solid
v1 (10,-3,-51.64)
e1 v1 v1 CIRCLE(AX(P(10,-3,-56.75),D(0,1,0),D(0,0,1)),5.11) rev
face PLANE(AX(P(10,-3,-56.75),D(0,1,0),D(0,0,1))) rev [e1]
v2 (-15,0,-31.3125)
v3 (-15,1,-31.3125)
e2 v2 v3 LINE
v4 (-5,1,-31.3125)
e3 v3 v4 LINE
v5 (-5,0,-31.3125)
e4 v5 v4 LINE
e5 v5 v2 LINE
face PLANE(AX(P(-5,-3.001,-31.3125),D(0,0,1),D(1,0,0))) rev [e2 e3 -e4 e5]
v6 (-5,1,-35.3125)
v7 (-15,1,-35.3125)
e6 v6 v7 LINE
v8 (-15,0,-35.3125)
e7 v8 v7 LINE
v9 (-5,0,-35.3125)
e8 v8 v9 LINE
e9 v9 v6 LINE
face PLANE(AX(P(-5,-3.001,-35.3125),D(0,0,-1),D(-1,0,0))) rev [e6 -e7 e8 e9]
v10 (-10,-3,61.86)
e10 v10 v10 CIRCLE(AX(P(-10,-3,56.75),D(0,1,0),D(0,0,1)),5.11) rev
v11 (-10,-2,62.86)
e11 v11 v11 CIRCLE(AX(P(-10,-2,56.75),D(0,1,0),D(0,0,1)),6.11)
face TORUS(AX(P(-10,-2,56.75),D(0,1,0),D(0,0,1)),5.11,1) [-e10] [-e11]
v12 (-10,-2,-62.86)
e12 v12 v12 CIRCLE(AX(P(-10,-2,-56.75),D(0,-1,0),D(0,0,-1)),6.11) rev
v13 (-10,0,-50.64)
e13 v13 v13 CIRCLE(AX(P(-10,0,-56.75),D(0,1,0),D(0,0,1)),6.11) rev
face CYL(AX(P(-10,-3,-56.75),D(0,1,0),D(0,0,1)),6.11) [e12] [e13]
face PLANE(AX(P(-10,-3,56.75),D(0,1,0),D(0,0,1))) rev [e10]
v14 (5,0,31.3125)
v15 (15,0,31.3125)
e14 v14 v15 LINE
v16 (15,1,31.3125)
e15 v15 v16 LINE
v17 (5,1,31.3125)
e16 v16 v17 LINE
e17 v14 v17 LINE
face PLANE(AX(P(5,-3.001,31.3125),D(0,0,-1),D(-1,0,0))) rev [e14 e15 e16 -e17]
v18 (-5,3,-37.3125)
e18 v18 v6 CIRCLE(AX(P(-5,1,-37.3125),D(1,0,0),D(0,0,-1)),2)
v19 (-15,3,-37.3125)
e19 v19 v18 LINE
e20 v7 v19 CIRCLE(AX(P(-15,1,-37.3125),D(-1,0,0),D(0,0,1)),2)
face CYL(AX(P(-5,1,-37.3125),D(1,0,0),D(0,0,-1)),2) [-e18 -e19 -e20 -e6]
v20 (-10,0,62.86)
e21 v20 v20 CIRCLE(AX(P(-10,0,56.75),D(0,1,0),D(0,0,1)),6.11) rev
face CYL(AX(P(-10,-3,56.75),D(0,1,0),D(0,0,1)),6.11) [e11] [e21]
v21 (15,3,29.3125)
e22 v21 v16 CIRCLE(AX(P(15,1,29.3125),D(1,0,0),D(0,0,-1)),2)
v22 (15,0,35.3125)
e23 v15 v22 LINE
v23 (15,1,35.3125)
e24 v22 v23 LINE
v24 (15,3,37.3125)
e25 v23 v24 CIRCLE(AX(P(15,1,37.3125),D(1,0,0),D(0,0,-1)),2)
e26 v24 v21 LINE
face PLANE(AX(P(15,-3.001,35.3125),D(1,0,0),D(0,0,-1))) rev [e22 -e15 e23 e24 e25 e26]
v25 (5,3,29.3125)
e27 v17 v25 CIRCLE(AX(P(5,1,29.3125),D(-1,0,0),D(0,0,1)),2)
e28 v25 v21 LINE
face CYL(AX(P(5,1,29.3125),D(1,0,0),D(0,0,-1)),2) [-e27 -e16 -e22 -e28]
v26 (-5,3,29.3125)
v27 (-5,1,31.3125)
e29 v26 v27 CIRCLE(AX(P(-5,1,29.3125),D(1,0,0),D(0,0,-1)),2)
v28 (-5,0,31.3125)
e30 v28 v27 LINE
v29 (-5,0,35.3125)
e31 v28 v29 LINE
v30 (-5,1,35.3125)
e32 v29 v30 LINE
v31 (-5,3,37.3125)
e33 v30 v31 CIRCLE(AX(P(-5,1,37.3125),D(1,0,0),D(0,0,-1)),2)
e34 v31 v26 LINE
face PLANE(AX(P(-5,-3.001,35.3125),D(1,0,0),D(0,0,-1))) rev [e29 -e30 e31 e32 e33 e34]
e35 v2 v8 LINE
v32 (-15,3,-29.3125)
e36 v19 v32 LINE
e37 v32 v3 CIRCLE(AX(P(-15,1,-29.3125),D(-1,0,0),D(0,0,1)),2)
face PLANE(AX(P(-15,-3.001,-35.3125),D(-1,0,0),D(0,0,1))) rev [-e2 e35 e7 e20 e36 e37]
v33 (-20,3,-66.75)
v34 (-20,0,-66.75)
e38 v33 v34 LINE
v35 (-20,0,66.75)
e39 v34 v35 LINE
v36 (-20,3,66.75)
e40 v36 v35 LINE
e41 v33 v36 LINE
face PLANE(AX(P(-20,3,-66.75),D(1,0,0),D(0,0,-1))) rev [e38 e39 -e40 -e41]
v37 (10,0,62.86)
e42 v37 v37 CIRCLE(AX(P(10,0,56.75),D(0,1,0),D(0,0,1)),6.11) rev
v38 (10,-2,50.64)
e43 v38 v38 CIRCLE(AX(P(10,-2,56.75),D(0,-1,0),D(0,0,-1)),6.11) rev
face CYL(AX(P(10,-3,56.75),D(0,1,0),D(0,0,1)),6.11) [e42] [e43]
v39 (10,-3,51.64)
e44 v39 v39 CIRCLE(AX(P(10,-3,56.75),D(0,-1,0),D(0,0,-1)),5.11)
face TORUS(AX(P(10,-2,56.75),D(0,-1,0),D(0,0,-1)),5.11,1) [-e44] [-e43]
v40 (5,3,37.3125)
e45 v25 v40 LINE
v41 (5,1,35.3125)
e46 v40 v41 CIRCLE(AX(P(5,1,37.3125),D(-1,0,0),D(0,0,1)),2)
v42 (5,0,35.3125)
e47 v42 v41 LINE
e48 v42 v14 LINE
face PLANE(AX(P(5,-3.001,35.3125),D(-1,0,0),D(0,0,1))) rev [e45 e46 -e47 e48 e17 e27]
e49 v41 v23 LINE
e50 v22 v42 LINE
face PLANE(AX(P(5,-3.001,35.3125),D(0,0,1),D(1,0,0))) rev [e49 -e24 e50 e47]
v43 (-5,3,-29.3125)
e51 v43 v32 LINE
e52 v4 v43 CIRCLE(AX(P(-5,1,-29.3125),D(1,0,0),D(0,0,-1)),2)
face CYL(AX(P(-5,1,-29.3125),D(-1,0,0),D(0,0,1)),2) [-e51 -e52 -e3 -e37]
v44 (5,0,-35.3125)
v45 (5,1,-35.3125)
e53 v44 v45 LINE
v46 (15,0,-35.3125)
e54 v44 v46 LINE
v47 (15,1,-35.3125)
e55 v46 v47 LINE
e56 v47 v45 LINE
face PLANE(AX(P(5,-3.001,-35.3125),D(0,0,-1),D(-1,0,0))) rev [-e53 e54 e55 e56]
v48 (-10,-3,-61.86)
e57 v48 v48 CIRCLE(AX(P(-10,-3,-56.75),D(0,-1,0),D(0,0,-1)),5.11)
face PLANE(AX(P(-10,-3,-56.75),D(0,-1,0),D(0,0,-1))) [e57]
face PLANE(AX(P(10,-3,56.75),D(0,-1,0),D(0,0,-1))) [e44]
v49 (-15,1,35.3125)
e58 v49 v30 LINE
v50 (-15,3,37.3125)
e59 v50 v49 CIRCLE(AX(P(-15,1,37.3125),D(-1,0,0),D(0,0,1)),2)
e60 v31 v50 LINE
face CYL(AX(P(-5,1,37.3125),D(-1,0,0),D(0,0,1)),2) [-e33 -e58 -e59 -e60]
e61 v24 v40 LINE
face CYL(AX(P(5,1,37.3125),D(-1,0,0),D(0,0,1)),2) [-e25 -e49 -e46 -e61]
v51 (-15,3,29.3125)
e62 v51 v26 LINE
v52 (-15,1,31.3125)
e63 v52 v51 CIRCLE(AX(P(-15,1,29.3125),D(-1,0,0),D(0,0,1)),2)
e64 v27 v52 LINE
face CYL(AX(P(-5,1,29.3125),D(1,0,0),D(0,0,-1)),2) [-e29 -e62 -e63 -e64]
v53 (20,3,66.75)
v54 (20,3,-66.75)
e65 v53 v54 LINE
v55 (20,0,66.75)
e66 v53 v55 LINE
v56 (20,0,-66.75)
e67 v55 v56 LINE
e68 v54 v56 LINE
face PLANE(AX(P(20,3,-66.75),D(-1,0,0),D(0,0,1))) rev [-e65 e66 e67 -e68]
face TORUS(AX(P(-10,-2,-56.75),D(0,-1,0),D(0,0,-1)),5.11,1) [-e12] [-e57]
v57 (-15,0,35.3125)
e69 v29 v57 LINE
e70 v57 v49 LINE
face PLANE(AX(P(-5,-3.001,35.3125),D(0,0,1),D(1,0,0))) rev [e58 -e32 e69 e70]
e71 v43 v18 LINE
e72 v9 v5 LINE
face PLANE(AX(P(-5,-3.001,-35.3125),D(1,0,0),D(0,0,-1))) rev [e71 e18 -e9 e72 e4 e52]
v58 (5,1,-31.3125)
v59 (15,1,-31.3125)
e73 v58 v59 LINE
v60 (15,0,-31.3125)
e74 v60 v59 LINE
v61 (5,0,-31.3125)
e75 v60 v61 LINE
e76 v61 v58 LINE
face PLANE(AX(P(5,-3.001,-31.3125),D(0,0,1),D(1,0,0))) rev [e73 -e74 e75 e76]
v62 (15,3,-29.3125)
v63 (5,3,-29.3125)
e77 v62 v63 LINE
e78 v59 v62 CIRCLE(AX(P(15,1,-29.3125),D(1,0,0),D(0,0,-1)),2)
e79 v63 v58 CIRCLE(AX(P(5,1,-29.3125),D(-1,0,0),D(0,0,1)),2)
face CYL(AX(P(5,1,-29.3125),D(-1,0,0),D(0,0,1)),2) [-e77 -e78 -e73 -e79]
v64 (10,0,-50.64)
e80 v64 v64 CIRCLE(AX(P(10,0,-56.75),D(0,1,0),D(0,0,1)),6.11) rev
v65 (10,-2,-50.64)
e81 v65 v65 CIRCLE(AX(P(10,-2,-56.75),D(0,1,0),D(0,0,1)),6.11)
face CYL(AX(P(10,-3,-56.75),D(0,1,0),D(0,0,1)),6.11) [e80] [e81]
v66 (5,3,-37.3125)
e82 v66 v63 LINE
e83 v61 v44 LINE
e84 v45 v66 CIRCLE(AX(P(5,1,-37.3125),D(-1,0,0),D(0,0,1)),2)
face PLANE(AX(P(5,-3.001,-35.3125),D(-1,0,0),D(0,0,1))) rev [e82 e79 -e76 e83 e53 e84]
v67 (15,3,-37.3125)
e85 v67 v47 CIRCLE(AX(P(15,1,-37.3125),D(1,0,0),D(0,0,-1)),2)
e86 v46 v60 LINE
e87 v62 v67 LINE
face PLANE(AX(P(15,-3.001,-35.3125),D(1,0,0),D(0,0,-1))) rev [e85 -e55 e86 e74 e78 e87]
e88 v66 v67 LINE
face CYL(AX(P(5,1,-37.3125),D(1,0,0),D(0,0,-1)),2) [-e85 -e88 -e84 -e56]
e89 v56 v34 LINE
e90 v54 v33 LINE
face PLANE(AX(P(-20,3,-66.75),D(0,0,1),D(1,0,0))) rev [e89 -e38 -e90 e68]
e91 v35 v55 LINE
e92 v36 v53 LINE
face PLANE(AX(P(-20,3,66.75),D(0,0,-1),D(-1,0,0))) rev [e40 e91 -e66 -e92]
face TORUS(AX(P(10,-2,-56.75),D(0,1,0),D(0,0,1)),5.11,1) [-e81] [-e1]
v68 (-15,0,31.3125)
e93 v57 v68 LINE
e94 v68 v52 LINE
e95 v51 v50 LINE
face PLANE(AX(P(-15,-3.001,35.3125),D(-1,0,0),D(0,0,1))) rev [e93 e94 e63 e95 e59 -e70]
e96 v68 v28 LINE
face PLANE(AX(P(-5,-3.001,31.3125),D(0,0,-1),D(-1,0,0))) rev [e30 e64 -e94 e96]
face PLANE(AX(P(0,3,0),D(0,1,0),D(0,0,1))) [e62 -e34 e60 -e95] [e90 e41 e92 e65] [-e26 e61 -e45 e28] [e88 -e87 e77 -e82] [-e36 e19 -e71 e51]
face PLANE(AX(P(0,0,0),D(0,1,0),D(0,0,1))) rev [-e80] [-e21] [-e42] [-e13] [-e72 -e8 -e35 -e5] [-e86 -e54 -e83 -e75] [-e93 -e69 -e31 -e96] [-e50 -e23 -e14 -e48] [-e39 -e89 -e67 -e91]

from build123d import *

# Parameters (mm, degrees)
SKETCH1_W           = 40
SKETCH1_H           = 133.5
BOSS_EXTRUDE1_DEPTH = 3
SKETCH2_R           = 6.11
BOSS_EXTRUDE2_DEPTH = 3
CUT_EXTRUDE1_REACH  = 71.94
SKETCH3_W           = 10
SKETCH3_H           = 4
FILLET3_R           = 1
FILLET4_R           = 2


with BuildPart() as part:
    # Sketch1 → Boss-Extrude1 (new body)
    with BuildSketch(Plane(origin=(0, 0, 0), x_dir=(1, 0, 0), z_dir=(0, 1, 0))):
        Rectangle(SKETCH1_W, SKETCH1_H)
    extrude(amount=BOSS_EXTRUDE1_DEPTH)

    # Sketch2 → Boss-Extrude2 (add)
    with BuildSketch(Plane.XZ):
        with Locations(Location((10, 56.75, 0), (0, 0, 90))):
            Circle(SKETCH2_R)
        with Locations(Location((-10, 56.75, 0), (0, 0, 90))):
            Circle(SKETCH2_R)
        with Locations(Location((-10, -56.75, 0), (0, 0, 90))):
            Circle(SKETCH2_R)
        with Locations(Location((10, -56.75, 0), (0, 0, 90))):
            Circle(SKETCH2_R)
    extrude(amount=BOSS_EXTRUDE2_DEPTH)

    # Sketch3 → Cut-Extrude1 (cut, up to next)
    with BuildSketch(Plane(origin=(0, 3, 0), x_dir=(1, 0, 0), z_dir=(0, 1, 0)), mode=Mode.PRIVATE) as cut_extrude1_sk1:
        with Locations((10, 33.3125)):
            Rectangle(SKETCH3_W, SKETCH3_H)
    cut_extrude1_tool1 = extrude(cut_extrude1_sk1.sketch, amount=-CUT_EXTRUDE1_REACH, mode=Mode.PRIVATE) & part.part
    # Sketch3 → Cut-Extrude1 (cut, up to next)
    with BuildSketch(Plane(origin=(0, 3, 0), x_dir=(1, 0, 0), z_dir=(0, 1, 0)), mode=Mode.PRIVATE) as cut_extrude1_sk2:
        with Locations((-10, 33.3125)):
            Rectangle(SKETCH3_W, SKETCH3_H)
    cut_extrude1_tool2 = extrude(cut_extrude1_sk2.sketch, amount=-CUT_EXTRUDE1_REACH, mode=Mode.PRIVATE) & part.part
    # Sketch3 → Cut-Extrude1 (cut, up to next)
    with BuildSketch(Plane(origin=(0, 3, 0), x_dir=(1, 0, 0), z_dir=(0, 1, 0)), mode=Mode.PRIVATE) as cut_extrude1_sk3:
        with Locations((-10, -33.3125)):
            Rectangle(SKETCH3_W, SKETCH3_H)
    cut_extrude1_tool3 = extrude(cut_extrude1_sk3.sketch, amount=-CUT_EXTRUDE1_REACH, mode=Mode.PRIVATE) & part.part
    # Sketch3 → Cut-Extrude1 (cut, up to next)
    with BuildSketch(Plane(origin=(0, 3, 0), x_dir=(1, 0, 0), z_dir=(0, 1, 0)), mode=Mode.PRIVATE) as cut_extrude1_sk4:
        with Locations((10, -33.3125)):
            Rectangle(SKETCH3_W, SKETCH3_H)
    cut_extrude1_tool4 = extrude(cut_extrude1_sk4.sketch, amount=-CUT_EXTRUDE1_REACH, mode=Mode.PRIVATE) & part.part
    add(cut_extrude1_tool1.solids().sort_by_distance((10, 3, -33.3125))[0], mode=Mode.SUBTRACT)
    add(cut_extrude1_tool2.solids().sort_by_distance((-10, 3, -33.3125))[0], mode=Mode.SUBTRACT)
    add(cut_extrude1_tool3.solids().sort_by_distance((-10, 3, 33.3125))[0], mode=Mode.SUBTRACT)
    add(cut_extrude1_tool4.solids().sort_by_distance((10, 3, 33.3125))[0], mode=Mode.SUBTRACT)

    # Fillet3
    fillet3_edges = [part.edges().sort_by_distance(p)[0] for p in [
        (10, -3, -62.86),
        (-10, -3, -62.86),
        (-10, -3, 50.64),
        (10, -3, 50.64),
    ]]
    fillet(fillet3_edges, radius=FILLET3_R)

    # Fillet4
    fillet4_edges = [part.edges().sort_by_distance(p)[0] for p in [
        (10, 3, 35.3125),
        (10, 3, 31.3125),
        (-10, 3, 35.3125),
        (-10, 3, 31.3125),
        (-10, 3, -35.3125),
        (-10, 3, -31.3125),
        (10, 3, -35.3125),
        (10, 3, -31.3125),
    ]]
    fillet(fillet4_edges, radius=FILLET4_R)


solid = part.part
